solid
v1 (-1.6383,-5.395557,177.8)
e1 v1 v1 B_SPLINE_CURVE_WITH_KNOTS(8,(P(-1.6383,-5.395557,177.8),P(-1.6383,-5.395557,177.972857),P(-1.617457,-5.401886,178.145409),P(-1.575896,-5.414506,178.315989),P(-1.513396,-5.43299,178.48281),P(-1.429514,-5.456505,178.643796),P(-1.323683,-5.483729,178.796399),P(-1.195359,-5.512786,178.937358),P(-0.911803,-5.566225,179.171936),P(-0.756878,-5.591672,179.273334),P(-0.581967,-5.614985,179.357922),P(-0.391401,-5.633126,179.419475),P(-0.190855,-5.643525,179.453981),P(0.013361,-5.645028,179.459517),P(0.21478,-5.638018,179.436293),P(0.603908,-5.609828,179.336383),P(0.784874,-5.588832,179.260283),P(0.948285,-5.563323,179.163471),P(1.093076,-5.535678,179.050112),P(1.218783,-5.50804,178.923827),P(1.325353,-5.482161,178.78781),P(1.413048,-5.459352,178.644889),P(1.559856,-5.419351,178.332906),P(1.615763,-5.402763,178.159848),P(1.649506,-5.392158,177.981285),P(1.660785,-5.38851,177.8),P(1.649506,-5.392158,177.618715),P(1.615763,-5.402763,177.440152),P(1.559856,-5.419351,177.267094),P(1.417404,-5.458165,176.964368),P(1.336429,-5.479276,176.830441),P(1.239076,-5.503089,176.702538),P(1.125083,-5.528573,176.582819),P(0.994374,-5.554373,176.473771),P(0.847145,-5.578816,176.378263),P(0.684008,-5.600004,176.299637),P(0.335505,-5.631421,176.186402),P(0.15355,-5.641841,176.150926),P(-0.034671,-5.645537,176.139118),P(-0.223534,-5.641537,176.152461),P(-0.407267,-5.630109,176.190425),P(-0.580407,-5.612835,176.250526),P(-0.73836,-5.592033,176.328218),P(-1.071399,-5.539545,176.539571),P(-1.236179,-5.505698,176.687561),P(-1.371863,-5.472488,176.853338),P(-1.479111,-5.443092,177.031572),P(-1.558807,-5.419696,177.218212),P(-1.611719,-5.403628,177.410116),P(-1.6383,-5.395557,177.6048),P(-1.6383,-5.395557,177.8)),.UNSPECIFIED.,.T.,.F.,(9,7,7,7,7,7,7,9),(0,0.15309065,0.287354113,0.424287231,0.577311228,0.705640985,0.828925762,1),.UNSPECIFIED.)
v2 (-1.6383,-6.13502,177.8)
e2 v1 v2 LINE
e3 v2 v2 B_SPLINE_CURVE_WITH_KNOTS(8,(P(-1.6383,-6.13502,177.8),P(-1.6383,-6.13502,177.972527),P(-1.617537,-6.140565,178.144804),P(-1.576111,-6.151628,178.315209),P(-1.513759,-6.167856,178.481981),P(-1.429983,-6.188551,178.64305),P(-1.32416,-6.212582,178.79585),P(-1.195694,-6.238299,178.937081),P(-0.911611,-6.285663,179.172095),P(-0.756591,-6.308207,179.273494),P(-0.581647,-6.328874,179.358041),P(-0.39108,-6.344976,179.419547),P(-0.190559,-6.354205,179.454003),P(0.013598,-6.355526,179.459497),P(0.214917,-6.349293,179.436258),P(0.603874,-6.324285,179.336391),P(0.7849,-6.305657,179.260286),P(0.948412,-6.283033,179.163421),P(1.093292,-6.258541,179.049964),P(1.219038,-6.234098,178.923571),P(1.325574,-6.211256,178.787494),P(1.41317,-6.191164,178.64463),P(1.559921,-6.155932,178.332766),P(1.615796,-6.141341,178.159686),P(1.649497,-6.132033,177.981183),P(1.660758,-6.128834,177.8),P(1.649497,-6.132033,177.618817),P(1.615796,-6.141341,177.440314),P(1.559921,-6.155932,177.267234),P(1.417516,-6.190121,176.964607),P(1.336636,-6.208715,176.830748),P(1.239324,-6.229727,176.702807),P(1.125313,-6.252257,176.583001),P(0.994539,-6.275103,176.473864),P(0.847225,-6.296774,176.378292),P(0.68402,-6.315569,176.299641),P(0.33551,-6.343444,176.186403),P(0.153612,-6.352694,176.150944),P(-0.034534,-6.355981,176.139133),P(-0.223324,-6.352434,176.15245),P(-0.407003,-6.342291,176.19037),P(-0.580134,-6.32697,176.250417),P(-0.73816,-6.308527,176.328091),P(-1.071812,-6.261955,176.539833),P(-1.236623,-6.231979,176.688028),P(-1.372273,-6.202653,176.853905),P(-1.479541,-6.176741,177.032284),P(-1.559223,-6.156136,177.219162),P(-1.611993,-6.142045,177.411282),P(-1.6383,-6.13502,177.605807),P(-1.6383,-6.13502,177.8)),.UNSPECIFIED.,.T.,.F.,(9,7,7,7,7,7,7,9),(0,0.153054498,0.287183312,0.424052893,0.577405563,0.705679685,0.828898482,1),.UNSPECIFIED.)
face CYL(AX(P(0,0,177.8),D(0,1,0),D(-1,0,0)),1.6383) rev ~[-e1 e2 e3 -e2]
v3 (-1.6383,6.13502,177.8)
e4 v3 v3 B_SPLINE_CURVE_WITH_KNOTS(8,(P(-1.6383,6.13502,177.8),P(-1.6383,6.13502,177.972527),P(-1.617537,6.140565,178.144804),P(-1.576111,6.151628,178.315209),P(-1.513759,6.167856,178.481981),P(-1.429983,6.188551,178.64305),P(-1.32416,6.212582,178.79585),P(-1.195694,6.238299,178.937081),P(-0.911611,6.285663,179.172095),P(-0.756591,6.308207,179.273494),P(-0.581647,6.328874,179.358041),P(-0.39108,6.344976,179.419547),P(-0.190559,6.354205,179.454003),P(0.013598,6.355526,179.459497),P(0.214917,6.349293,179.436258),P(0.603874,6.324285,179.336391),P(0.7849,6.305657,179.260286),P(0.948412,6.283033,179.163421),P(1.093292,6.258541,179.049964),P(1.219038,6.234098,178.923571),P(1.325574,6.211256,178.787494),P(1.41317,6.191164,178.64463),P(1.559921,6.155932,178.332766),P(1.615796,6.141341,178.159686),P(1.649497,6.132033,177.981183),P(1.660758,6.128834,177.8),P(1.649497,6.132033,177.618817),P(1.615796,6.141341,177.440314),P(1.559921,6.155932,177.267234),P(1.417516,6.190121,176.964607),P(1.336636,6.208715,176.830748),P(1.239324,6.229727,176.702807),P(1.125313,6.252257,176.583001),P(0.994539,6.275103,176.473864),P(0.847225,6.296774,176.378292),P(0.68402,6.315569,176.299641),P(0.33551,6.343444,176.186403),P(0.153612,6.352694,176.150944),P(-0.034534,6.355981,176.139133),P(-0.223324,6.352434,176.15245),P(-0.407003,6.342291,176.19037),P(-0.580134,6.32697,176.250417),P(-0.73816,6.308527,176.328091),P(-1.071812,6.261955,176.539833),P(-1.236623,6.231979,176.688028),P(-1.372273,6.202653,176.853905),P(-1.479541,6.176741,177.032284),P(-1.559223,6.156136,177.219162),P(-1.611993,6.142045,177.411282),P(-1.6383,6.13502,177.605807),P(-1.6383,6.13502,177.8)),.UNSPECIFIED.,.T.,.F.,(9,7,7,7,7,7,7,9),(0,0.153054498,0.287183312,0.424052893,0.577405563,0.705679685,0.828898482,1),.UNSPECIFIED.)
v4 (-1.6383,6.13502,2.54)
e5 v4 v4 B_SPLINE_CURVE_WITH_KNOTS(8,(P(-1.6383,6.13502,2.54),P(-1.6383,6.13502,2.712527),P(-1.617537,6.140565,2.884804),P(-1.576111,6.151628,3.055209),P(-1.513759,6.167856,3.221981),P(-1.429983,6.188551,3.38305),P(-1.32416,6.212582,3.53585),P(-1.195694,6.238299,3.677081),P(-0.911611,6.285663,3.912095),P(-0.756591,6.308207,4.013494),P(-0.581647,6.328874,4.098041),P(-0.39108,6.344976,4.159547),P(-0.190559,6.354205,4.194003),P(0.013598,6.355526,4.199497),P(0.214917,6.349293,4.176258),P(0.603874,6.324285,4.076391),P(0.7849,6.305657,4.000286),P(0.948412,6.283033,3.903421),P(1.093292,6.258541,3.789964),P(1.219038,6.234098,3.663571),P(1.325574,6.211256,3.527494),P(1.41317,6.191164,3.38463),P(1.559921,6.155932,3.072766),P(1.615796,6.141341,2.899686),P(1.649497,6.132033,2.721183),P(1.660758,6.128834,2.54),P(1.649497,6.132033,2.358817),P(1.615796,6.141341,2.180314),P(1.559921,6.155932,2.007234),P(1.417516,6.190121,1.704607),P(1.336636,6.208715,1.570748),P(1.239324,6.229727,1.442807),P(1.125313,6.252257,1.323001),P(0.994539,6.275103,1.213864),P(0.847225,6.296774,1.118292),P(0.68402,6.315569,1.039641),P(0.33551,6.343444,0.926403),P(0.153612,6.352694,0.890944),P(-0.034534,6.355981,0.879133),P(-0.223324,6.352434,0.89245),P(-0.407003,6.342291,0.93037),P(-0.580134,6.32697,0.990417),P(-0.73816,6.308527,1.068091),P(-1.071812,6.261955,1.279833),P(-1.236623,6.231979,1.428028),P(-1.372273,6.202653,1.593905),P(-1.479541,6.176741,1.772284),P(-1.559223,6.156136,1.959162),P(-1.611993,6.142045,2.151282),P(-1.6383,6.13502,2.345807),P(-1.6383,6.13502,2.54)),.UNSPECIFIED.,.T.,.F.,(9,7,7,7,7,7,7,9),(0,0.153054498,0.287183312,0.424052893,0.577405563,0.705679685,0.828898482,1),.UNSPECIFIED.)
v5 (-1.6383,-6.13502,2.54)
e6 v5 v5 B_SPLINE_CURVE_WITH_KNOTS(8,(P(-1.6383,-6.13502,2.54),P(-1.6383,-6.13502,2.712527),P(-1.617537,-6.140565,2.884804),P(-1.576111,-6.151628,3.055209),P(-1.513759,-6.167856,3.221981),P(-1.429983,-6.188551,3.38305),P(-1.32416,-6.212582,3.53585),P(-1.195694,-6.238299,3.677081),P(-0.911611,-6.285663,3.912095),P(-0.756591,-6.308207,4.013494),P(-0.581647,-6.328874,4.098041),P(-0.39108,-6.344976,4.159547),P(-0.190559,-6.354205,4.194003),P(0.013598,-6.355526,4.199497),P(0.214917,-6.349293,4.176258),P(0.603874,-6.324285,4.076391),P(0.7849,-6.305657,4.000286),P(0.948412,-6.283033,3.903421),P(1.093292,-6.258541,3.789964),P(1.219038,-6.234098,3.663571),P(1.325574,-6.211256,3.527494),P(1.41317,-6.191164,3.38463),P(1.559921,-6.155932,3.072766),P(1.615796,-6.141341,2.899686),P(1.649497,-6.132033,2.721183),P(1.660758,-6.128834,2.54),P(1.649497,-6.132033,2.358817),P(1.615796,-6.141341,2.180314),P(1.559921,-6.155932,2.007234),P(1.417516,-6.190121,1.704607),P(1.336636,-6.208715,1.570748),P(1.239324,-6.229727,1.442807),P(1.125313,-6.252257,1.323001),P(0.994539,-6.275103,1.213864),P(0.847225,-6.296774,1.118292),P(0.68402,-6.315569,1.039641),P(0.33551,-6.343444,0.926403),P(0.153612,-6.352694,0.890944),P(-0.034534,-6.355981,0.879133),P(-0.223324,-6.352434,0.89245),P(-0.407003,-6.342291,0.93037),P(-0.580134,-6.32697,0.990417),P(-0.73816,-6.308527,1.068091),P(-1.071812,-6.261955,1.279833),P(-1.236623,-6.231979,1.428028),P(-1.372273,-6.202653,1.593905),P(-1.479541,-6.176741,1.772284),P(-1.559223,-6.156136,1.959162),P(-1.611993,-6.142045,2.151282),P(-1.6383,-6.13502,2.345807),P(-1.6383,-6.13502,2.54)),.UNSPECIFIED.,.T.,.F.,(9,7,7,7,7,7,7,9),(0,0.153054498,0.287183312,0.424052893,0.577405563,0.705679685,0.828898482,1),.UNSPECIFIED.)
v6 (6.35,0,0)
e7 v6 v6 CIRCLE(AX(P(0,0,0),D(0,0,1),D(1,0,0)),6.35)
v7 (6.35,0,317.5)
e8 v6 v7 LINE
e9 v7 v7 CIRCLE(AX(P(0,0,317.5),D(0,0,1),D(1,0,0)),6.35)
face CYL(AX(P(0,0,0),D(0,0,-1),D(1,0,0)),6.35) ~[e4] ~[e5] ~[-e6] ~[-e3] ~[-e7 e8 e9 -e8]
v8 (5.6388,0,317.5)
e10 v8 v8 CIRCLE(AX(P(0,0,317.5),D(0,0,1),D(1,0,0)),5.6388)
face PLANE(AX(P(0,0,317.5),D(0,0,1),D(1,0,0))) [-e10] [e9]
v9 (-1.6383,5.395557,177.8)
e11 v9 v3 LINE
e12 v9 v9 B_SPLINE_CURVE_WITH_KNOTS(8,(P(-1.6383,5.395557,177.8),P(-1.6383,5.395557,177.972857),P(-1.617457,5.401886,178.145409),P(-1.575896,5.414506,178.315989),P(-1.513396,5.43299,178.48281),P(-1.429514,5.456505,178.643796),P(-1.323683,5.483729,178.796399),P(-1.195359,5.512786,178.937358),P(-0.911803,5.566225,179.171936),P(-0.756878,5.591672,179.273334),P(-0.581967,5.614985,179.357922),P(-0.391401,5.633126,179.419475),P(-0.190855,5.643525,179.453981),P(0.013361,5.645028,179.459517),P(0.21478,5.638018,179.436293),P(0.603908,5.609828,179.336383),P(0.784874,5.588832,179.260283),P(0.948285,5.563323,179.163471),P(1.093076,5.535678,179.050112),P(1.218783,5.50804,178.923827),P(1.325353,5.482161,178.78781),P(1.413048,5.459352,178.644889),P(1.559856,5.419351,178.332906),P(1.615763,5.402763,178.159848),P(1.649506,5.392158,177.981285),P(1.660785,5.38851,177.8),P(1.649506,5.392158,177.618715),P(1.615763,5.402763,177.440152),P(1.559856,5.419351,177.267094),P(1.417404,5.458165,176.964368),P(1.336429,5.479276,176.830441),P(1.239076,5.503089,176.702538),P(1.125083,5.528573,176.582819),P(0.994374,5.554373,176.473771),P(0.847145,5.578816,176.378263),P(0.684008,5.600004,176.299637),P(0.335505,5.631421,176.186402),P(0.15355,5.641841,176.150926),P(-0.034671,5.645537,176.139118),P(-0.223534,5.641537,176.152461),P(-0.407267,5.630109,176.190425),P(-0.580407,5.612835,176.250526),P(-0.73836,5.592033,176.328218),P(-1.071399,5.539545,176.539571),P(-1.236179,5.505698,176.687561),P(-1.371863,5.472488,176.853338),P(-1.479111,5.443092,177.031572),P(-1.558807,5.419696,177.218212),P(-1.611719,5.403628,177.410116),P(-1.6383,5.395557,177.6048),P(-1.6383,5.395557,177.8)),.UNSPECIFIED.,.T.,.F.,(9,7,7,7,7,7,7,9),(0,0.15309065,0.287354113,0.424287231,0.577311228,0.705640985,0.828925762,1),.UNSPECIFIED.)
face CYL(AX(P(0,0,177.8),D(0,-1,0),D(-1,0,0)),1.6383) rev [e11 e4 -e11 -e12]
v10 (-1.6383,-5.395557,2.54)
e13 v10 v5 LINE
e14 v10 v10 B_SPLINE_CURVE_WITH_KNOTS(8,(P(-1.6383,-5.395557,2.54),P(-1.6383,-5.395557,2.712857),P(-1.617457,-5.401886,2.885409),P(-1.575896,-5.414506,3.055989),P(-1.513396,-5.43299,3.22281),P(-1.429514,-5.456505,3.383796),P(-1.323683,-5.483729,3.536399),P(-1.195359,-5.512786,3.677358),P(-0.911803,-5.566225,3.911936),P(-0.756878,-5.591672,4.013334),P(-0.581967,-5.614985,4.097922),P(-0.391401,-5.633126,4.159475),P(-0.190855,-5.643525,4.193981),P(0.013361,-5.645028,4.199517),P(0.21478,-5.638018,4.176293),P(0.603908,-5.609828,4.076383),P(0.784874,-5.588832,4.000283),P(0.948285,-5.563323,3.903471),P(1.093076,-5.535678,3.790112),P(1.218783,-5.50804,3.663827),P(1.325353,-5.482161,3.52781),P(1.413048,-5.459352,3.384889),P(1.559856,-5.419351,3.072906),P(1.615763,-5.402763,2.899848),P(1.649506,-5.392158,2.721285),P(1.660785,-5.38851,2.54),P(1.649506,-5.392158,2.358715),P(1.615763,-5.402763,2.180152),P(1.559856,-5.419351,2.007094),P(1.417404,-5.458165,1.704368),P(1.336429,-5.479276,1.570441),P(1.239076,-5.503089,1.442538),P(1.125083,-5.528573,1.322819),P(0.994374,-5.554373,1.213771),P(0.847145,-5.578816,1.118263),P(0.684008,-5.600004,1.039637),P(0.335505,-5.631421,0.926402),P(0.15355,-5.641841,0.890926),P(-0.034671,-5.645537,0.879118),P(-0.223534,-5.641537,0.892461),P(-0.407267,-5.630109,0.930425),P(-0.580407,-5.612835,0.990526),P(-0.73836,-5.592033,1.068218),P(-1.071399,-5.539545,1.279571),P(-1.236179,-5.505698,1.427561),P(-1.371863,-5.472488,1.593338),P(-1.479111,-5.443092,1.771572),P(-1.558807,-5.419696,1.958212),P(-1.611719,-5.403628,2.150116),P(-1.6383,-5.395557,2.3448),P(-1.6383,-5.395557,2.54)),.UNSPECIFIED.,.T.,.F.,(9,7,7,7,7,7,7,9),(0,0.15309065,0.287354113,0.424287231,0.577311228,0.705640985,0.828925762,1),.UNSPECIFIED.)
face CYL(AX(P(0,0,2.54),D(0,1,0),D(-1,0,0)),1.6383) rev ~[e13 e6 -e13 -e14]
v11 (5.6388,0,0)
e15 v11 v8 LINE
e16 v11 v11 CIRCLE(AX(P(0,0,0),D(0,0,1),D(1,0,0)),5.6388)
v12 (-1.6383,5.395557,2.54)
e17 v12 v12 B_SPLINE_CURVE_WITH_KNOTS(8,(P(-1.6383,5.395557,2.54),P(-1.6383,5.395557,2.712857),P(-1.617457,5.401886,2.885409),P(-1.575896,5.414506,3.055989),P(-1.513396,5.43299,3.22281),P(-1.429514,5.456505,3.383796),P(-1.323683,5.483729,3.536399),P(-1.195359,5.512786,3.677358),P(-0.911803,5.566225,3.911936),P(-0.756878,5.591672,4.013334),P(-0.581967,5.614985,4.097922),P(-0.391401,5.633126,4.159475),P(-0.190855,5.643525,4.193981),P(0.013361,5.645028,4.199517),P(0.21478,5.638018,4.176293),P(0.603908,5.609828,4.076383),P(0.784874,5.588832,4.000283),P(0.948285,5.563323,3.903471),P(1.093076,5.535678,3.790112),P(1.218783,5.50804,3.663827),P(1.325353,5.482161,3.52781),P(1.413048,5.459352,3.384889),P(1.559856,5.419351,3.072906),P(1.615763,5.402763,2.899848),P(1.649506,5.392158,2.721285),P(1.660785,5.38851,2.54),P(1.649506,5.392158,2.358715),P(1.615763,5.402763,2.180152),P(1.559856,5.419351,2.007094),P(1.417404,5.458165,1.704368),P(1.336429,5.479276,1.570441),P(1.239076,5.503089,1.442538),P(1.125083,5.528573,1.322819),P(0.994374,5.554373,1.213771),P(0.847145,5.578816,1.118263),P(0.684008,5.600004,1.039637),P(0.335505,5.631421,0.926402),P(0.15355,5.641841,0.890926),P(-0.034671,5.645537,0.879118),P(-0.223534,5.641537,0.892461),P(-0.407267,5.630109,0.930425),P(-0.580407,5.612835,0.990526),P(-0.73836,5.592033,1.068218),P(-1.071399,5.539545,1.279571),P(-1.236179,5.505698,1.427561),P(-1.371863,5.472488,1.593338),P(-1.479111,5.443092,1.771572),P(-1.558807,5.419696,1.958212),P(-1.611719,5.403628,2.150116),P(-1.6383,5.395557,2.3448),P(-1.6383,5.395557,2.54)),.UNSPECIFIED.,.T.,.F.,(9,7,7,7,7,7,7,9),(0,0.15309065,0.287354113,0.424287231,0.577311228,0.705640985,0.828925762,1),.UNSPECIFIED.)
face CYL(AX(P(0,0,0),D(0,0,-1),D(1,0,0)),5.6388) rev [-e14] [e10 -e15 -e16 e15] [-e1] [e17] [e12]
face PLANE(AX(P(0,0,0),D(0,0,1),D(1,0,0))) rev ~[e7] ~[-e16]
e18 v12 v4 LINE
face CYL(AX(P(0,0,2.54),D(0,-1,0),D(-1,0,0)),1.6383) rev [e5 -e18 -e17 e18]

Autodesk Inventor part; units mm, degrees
ref_plane "YZ Plane" through (0, 0, 0) normal (1, 0, 0) x (0, 1, 0)
ref_plane "XZ Plane" through (0, 0, 0) normal (0, 1, 0) x (-1, 0, 0)
ref_plane "XY Plane" through (0, 0, 0) normal (0, 0, 1) x (1, 0, 0)
sketch "Sketch1" plane through (0, 0, 0) normal (0, 0, 1) x (1, 0, 0)
  circle A0 centre (0, 0) radius 6.35
  circle A1 centre (0, 0) radius 5.6388
  dimension "d0" = 12.7
  dimension "d1" = 11.2776
extrude "Extrusion1" add sketch "Sketch1" along normal blind 317.5
sketch "Sketch2" plane through (0, 0, 0) normal (0, 1, 0) x (-1, 0, 0)
  line L0 (0, 0) -> (0, 382.1904) construction
  circle A0 centre (0, 2.54) radius 1.6383
  circle A1 centre (0, 177.8) radius 1.6383
  line L1 (5.6388, 0) -> (-5.6388, 0) projected
  dimension "d4" = 3.2766
  dimension "d5" = 3.2766
  dimension "d6" = 2.54
  dimension "d10" = 177.8
extrude "Extrusion2" cut sketch "Sketch2" along normal through all both and the other way through all
equation "\"d4\" = d5"
properties part number "J001401" material "STAINLESS STEEL, 304"
